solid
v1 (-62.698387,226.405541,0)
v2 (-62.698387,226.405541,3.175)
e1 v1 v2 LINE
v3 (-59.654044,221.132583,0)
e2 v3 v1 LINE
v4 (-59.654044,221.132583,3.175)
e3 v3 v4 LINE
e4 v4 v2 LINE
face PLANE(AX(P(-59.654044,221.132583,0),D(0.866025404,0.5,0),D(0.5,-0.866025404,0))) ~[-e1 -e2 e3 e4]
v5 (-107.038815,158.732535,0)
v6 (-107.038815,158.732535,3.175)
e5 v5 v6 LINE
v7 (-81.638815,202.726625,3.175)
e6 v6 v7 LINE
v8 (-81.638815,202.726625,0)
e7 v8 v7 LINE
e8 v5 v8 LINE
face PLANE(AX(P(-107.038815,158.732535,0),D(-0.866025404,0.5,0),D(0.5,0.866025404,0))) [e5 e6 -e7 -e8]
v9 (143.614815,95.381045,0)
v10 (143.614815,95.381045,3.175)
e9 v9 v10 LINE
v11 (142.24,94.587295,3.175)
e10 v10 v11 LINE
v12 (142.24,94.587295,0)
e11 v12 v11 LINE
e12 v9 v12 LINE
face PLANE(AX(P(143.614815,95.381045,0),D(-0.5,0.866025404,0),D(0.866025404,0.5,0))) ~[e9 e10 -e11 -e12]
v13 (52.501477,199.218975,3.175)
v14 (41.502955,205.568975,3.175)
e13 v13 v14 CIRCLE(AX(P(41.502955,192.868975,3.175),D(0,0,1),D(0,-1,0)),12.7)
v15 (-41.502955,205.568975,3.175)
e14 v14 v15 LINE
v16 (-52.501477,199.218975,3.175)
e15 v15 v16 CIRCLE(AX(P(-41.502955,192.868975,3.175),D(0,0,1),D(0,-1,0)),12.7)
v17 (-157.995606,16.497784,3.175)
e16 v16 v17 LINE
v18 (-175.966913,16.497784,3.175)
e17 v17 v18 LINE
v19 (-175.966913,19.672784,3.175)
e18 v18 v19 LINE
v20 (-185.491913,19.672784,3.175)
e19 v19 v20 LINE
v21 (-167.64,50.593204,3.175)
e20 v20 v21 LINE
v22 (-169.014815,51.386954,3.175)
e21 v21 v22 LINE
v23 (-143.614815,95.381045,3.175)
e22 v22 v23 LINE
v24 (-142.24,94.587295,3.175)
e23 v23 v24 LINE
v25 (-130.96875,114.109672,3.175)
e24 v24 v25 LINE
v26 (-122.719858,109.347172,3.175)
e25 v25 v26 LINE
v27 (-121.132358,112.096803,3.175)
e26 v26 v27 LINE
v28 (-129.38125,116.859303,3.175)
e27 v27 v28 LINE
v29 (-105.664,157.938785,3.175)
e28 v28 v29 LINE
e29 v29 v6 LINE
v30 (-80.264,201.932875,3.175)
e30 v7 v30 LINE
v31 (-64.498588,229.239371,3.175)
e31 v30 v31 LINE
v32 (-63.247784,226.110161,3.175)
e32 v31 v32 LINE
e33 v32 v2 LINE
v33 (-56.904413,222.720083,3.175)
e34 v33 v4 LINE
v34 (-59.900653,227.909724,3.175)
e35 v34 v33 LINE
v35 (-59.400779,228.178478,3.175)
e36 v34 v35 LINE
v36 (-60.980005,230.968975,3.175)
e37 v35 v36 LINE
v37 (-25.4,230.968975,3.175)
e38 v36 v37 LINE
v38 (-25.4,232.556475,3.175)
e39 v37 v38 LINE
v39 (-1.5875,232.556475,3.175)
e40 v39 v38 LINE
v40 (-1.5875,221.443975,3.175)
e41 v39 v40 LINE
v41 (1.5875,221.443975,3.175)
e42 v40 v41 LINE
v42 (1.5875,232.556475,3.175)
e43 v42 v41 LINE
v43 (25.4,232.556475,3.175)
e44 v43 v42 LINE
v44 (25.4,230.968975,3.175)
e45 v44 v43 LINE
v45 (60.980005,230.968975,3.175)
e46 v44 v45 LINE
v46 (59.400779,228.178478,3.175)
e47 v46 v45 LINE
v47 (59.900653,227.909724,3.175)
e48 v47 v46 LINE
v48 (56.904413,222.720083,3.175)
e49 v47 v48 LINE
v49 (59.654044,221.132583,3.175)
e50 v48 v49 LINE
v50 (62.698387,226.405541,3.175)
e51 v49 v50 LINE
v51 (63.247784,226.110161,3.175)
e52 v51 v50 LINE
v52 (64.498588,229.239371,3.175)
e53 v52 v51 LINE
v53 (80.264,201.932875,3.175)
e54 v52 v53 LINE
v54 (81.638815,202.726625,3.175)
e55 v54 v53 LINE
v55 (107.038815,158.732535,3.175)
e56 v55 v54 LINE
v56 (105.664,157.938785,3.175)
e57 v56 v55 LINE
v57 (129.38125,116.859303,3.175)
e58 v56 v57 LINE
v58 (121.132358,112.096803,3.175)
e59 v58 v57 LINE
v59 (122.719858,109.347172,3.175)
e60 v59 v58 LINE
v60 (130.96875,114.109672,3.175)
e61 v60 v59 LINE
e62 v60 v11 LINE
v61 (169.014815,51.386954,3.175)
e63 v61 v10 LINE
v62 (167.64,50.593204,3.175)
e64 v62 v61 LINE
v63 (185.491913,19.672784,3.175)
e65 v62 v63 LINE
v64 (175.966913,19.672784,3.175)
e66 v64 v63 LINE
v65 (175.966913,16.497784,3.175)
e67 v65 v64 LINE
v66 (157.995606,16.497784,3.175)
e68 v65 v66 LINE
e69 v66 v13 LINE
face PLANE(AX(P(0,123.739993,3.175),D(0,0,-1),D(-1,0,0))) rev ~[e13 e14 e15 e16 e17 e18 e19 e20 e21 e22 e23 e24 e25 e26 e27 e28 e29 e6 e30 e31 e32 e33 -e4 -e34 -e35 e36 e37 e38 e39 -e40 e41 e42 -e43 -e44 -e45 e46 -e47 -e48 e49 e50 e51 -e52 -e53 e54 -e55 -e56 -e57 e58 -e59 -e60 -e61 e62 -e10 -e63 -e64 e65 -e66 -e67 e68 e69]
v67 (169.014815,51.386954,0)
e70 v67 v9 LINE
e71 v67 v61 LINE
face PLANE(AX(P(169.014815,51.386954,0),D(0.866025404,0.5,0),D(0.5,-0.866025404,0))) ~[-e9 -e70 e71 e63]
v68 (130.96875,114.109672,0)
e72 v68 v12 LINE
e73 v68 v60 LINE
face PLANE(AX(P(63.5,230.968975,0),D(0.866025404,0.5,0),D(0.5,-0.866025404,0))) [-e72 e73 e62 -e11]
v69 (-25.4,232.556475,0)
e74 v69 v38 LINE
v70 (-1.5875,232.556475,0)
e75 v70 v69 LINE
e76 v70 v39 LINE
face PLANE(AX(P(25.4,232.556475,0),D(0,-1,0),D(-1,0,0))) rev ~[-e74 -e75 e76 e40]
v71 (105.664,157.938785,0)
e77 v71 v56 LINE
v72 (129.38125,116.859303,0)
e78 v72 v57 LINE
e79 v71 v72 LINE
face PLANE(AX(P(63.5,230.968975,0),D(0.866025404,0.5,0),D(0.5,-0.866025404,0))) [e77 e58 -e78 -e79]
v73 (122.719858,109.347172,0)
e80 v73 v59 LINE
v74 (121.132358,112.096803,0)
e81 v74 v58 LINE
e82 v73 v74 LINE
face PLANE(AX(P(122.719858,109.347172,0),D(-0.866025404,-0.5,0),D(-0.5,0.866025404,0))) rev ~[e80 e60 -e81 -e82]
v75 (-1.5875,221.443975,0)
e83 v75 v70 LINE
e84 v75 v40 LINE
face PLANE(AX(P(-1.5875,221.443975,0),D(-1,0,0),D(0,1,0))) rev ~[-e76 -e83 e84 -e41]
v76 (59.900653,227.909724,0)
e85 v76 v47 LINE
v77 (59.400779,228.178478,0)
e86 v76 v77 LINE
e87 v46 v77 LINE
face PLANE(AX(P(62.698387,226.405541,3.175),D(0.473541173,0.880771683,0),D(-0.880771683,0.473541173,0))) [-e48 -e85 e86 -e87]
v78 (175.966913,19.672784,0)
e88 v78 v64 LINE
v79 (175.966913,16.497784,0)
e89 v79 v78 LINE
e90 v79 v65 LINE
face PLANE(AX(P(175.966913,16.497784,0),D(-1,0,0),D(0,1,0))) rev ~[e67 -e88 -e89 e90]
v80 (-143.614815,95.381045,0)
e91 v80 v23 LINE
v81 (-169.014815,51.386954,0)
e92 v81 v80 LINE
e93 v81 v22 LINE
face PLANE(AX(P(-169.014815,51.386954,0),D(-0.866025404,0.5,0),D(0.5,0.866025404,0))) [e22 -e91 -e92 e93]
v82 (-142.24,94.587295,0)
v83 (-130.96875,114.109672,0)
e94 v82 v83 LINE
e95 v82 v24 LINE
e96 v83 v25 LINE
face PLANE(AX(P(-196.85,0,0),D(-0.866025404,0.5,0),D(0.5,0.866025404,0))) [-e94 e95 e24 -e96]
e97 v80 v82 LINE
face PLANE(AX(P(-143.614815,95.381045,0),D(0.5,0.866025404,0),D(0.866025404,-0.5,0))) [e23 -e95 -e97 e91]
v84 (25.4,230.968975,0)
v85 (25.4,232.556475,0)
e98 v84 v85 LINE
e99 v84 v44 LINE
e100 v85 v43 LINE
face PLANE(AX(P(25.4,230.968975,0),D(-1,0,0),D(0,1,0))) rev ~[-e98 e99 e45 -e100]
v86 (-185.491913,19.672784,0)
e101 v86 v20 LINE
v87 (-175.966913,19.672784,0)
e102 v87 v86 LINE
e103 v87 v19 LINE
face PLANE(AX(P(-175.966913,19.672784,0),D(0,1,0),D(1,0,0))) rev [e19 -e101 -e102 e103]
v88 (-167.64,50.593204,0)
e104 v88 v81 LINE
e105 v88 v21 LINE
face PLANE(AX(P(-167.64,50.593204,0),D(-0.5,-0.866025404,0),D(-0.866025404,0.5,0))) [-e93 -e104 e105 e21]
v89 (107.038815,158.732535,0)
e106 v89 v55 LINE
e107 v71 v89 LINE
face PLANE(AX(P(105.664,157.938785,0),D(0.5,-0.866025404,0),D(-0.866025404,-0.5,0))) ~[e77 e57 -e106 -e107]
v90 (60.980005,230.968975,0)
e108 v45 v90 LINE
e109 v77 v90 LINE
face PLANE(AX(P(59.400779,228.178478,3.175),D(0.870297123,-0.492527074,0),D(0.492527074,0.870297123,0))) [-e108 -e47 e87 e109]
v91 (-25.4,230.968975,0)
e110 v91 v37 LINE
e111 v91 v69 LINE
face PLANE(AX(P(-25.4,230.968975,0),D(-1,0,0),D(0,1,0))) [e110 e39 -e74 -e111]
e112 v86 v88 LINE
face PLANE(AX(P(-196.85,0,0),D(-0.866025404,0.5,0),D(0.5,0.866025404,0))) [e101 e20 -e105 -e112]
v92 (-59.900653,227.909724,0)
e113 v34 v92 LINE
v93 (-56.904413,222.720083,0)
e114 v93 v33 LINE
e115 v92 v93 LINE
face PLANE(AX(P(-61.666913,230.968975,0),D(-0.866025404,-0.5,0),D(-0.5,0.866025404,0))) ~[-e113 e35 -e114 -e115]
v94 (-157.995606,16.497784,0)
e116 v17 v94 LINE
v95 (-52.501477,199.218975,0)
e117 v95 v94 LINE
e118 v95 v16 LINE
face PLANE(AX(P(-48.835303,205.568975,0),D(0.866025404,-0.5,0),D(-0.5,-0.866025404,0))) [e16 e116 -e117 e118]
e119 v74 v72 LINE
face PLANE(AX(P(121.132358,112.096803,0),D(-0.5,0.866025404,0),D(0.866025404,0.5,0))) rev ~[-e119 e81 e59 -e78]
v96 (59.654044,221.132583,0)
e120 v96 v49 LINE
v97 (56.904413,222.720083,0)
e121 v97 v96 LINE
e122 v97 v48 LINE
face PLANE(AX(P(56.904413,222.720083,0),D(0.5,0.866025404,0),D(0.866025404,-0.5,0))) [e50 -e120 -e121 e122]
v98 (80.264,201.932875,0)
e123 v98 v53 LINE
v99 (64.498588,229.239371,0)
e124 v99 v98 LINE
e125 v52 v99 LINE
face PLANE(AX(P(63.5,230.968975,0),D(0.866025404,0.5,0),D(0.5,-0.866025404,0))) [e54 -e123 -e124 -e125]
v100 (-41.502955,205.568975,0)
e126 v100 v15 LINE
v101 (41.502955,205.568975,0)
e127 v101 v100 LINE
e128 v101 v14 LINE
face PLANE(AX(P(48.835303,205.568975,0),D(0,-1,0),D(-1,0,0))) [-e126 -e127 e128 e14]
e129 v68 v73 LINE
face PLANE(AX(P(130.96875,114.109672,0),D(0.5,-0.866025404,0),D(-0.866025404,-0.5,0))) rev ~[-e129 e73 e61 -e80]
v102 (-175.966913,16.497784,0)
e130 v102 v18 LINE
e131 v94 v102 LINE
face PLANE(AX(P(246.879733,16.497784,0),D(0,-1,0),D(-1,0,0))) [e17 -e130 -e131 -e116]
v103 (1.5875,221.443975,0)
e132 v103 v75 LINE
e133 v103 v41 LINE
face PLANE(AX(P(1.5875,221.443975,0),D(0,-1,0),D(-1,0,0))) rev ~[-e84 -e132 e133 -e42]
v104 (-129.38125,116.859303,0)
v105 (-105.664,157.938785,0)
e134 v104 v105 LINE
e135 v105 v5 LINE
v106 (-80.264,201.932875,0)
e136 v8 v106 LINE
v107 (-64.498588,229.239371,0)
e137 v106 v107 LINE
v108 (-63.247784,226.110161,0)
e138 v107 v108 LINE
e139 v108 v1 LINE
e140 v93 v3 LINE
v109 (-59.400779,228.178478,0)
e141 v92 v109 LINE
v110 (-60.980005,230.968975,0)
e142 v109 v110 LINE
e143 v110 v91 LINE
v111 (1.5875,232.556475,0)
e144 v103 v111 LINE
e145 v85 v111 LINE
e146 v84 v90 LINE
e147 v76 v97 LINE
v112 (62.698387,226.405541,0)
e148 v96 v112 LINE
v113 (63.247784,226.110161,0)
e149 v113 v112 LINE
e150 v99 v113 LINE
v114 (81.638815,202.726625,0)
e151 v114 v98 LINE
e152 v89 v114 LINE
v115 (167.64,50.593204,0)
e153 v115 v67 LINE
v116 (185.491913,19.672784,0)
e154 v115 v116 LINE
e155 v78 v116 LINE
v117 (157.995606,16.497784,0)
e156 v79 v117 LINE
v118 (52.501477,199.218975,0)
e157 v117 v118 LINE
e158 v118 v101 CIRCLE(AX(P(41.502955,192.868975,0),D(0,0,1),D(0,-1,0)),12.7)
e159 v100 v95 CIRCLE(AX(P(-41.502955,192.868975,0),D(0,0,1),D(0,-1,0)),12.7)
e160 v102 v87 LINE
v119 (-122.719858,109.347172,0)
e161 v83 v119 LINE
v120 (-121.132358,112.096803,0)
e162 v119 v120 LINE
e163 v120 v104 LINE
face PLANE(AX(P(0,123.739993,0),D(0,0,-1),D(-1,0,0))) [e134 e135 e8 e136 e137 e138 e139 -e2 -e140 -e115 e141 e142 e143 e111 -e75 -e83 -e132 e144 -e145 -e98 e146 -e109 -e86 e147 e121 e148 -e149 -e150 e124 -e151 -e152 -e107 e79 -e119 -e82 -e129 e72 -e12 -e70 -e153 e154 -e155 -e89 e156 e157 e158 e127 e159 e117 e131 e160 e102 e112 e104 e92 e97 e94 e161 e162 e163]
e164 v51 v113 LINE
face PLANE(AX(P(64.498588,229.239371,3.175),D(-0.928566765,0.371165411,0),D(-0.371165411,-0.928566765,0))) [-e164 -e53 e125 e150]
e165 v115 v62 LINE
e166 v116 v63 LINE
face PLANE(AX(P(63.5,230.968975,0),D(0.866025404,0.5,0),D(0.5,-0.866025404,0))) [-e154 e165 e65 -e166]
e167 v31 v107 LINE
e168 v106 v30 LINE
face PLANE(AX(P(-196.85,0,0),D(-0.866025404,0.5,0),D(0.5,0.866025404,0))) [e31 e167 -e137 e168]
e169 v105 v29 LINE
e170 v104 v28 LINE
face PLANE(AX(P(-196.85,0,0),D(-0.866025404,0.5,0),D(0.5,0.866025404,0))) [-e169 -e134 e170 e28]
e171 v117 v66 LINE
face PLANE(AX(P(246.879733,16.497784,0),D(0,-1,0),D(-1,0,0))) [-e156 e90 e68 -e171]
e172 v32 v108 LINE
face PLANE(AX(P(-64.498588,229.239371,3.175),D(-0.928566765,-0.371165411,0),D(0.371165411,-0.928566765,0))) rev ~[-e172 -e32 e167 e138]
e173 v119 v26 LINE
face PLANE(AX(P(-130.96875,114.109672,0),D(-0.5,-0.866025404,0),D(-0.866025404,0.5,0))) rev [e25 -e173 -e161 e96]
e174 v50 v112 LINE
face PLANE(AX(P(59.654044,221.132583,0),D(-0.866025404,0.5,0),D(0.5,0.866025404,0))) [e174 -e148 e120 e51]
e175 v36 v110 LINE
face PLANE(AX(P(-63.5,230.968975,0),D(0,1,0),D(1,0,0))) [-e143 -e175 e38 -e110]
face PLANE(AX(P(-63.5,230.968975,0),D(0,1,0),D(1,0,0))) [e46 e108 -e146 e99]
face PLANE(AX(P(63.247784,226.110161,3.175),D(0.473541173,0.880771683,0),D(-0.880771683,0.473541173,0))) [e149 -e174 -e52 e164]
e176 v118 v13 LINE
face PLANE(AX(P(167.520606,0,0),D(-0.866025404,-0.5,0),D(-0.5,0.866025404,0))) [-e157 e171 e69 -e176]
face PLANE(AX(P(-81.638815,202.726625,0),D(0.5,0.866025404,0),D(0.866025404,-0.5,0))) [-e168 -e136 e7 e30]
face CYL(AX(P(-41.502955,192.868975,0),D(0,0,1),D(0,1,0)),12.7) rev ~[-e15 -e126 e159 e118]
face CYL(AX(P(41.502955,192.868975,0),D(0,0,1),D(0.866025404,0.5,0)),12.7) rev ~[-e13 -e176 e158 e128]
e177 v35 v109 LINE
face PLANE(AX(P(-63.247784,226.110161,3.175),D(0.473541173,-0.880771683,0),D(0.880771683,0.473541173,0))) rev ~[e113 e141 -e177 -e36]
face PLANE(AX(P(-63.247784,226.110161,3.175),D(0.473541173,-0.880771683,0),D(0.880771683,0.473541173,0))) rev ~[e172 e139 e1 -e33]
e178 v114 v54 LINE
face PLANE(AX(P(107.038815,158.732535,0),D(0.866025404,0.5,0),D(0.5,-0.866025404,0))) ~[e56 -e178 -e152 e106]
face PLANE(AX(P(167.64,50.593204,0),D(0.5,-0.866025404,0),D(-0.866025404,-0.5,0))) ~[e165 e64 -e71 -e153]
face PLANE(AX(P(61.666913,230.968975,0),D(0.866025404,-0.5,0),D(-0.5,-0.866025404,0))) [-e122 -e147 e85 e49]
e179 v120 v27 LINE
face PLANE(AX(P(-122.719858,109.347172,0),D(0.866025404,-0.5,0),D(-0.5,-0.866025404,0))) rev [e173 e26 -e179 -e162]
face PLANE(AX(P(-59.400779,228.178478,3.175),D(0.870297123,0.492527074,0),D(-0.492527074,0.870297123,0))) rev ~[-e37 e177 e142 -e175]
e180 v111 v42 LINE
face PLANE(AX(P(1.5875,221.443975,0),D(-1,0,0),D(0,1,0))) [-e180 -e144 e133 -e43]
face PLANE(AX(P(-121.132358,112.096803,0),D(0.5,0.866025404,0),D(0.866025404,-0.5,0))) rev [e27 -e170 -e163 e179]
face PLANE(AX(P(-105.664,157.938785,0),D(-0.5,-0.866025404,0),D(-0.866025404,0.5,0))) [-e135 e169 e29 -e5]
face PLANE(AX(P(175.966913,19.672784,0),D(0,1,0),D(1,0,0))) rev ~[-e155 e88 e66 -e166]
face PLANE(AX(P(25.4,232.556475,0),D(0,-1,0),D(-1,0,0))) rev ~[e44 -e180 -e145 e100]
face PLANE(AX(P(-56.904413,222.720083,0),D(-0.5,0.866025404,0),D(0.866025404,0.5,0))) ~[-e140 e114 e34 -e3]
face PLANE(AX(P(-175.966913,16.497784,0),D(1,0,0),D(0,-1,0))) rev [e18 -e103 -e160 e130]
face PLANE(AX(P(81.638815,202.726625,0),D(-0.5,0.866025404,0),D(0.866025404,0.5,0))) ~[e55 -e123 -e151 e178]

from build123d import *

# Parameters (mm, degrees)
BOSS_EXTRUDE1_DEPTH = 3.175
FILLET1_R           = 12.7
SKETCH3_W           = 50.8
SKETCH3_H           = 1.5875
BOSS_EXTRUDE2_DEPTH = 3.175
CUT_EXTRUDE1_DEPTH  = 305.700701144
CUT_EXTRUDE2_DEPTH  = 305.700701144
CUT_EXTRUDE3_REACH  = 306.045
SKETCH6_W           = 3.175
SKETCH6_H           = 11.1125
CUT_EXTRUDE5_START  = -3.175
CUT_EXTRUDE5_DEPTH  = 3.175
SKETCH8_W           = 471.002245988
SKETCH8_H           = 22.673608405
CUT_EXTRUDE6_DEPTH  = 305.045309672


with BuildPart() as part:
    # Sketch1 → Boss-Extrude1 (new body)
    with BuildSketch(Plane.XY):
        Polygon((-196.85, 0), (-63.5, 230.968975189), (63.5, 230.968975189), (196.85, 0), (167.520606325, 0), (48.835303163, 205.568975189), (-48.835303163, 205.568975189), (-167.520606325, 0), align=None)
    extrude(amount=BOSS_EXTRUDE1_DEPTH)

    # Fillet1
    fillet1_edges = [part.edges().sort_by_distance(p)[0] for p in [
        (167.520606325, 0, 1.5875),
        (48.835303163, 205.568975189, 1.5875),
        (-48.835303163, 205.568975189, 1.5875),
        (-167.520606325, 0, 1.5875),
    ]]
    fillet(fillet1_edges, radius=FILLET1_R)

    # Sketch3 → Boss-Extrude2 (add)
    with BuildSketch(Plane(origin=(0, 0, 0), x_dir=(-1, 0, 0), z_dir=(0, 0, -1))):
        Polygon((81.638815329, 202.726625451), (80.264, 201.932875451), (105.664, 157.938784939), (107.038815329, 158.732534939), align=None)
        Polygon((143.614815329, 95.381044601), (142.24, 94.587294601), (167.64, 50.593204089), (169.014815329, 51.386954089), align=None)
        with Locations((0, 231.762725189)):
            Rectangle(SKETCH3_W, SKETCH3_H)
    boss_extrude2 = extrude(amount=-BOSS_EXTRUDE2_DEPTH)

    # Sketch5 → Cut-Extrude1 (cut, through all)
    with BuildSketch(Plane(origin=(0, 0, 0), x_dir=(-1, 0, 0), z_dir=(0, 0, -1))):
        Polygon((-175.966912895, 19.672783942), (-185.491912895, 19.672783942), (-187.325, 16.497783942), (-186.309, 16.497783942), (-175.966912895, 16.497783942), align=None)
        Polygon((-186.309, 16.497783942), (-187.325, 16.497783942), (-196.85, 0), (-195.834, 0), align=None)
        Polygon((-121.132358029, 112.096802923), (-129.38125, 116.859302923), (-130.96875, 114.109672266), (-122.719858029, 109.347172266), align=None)
    cut_extrude1 = extrude(amount=-CUT_EXTRUDE1_DEPTH, mode=Mode.SUBTRACT)

    # Sketch4 → Cut-Extrude2 (cut, through all)
    with BuildSketch(Plane(origin=(0, 0, 0), x_dir=(-1, 0, 0), z_dir=(0, 0, -1))):
        Polygon((-61.666912895, 230.968975189), (-56.904412895, 222.720083218), (-59.654043552, 221.132583218), (-64.416543552, 229.381475189), (-63.5, 230.968975189), align=None)
    cut_extrude2 = extrude(amount=-CUT_EXTRUDE2_DEPTH, mode=Mode.SUBTRACT)

    # Mirror1: Boss-Extrude2, Cut-Extrude1, Cut-Extrude2 across plane
    add(boss_extrude2.mirror(Plane(origin=(0, 0, 0), x_dir=(0, 0, 1), z_dir=(1, 0, 0))))
    add(cut_extrude1.mirror(Plane(origin=(0, 0, 0), x_dir=(0, 0, 1), z_dir=(1, 0, 0))), mode=Mode.SUBTRACT)
    add(cut_extrude2.mirror(Plane(origin=(0, 0, 0), x_dir=(0, 0, 1), z_dir=(1, 0, 0))), mode=Mode.SUBTRACT)

    # Sketch6 → Cut-Extrude3 (cut, up to next)
    with BuildSketch(Plane(origin=(0, 0, 0), x_dir=(-1, 0, 0), z_dir=(0, 0, -1)), mode=Mode.PRIVATE) as cut_extrude3_sk1:
        with Locations((0, 227.000225189)):
            Rectangle(SKETCH6_W, SKETCH6_H)
    cut_extrude3_tool1 = extrude(cut_extrude3_sk1.sketch, amount=-CUT_EXTRUDE3_REACH, mode=Mode.PRIVATE) & part.part
    add(cut_extrude3_tool1.solids().sort_by_distance((0, 227.000225, 0))[0], mode=Mode.SUBTRACT)

    # Sketch7 → Cut-Extrude5 (cut)
    with BuildSketch(Plane(origin=(0, 0, 0), x_dir=(-1, 0, 0), z_dir=(0, 0, -1)).offset(CUT_EXTRUDE5_START)):
        Polygon((-61.666912895, 230.968975189), (-64.416543552, 229.381475189), (-62.698387042, 226.405540819), (-59.400779492, 228.178478093), (-60.980004947, 230.968975189), align=None)
        Polygon((-64.416543552, 229.381475189), (-64.498587563, 229.239370794), (-63.247784195, 226.110161009), (-62.698387042, 226.405540819), align=None)
        Polygon((64.498587563, 229.239370794), (63.247784195, 226.110161009), (59.400779492, 228.178478093), (60.980004947, 230.968975189), (61.666912895, 230.968975189), (64.416543552, 229.381475189), align=None)
    extrude(amount=CUT_EXTRUDE5_DEPTH, mode=Mode.SUBTRACT)

    # Sketch8 → Cut-Extrude6 (cut, through all)
    with BuildSketch(Plane(origin=(0, 0, 0), x_dir=(-1, 0, 0), z_dir=(0, 0, -1))):
        with Locations((-11.378610212, 5.16097974)):
            Rectangle(SKETCH8_W, SKETCH8_H)
    extrude(amount=-CUT_EXTRUDE6_DEPTH, mode=Mode.SUBTRACT)


solid = part.part
